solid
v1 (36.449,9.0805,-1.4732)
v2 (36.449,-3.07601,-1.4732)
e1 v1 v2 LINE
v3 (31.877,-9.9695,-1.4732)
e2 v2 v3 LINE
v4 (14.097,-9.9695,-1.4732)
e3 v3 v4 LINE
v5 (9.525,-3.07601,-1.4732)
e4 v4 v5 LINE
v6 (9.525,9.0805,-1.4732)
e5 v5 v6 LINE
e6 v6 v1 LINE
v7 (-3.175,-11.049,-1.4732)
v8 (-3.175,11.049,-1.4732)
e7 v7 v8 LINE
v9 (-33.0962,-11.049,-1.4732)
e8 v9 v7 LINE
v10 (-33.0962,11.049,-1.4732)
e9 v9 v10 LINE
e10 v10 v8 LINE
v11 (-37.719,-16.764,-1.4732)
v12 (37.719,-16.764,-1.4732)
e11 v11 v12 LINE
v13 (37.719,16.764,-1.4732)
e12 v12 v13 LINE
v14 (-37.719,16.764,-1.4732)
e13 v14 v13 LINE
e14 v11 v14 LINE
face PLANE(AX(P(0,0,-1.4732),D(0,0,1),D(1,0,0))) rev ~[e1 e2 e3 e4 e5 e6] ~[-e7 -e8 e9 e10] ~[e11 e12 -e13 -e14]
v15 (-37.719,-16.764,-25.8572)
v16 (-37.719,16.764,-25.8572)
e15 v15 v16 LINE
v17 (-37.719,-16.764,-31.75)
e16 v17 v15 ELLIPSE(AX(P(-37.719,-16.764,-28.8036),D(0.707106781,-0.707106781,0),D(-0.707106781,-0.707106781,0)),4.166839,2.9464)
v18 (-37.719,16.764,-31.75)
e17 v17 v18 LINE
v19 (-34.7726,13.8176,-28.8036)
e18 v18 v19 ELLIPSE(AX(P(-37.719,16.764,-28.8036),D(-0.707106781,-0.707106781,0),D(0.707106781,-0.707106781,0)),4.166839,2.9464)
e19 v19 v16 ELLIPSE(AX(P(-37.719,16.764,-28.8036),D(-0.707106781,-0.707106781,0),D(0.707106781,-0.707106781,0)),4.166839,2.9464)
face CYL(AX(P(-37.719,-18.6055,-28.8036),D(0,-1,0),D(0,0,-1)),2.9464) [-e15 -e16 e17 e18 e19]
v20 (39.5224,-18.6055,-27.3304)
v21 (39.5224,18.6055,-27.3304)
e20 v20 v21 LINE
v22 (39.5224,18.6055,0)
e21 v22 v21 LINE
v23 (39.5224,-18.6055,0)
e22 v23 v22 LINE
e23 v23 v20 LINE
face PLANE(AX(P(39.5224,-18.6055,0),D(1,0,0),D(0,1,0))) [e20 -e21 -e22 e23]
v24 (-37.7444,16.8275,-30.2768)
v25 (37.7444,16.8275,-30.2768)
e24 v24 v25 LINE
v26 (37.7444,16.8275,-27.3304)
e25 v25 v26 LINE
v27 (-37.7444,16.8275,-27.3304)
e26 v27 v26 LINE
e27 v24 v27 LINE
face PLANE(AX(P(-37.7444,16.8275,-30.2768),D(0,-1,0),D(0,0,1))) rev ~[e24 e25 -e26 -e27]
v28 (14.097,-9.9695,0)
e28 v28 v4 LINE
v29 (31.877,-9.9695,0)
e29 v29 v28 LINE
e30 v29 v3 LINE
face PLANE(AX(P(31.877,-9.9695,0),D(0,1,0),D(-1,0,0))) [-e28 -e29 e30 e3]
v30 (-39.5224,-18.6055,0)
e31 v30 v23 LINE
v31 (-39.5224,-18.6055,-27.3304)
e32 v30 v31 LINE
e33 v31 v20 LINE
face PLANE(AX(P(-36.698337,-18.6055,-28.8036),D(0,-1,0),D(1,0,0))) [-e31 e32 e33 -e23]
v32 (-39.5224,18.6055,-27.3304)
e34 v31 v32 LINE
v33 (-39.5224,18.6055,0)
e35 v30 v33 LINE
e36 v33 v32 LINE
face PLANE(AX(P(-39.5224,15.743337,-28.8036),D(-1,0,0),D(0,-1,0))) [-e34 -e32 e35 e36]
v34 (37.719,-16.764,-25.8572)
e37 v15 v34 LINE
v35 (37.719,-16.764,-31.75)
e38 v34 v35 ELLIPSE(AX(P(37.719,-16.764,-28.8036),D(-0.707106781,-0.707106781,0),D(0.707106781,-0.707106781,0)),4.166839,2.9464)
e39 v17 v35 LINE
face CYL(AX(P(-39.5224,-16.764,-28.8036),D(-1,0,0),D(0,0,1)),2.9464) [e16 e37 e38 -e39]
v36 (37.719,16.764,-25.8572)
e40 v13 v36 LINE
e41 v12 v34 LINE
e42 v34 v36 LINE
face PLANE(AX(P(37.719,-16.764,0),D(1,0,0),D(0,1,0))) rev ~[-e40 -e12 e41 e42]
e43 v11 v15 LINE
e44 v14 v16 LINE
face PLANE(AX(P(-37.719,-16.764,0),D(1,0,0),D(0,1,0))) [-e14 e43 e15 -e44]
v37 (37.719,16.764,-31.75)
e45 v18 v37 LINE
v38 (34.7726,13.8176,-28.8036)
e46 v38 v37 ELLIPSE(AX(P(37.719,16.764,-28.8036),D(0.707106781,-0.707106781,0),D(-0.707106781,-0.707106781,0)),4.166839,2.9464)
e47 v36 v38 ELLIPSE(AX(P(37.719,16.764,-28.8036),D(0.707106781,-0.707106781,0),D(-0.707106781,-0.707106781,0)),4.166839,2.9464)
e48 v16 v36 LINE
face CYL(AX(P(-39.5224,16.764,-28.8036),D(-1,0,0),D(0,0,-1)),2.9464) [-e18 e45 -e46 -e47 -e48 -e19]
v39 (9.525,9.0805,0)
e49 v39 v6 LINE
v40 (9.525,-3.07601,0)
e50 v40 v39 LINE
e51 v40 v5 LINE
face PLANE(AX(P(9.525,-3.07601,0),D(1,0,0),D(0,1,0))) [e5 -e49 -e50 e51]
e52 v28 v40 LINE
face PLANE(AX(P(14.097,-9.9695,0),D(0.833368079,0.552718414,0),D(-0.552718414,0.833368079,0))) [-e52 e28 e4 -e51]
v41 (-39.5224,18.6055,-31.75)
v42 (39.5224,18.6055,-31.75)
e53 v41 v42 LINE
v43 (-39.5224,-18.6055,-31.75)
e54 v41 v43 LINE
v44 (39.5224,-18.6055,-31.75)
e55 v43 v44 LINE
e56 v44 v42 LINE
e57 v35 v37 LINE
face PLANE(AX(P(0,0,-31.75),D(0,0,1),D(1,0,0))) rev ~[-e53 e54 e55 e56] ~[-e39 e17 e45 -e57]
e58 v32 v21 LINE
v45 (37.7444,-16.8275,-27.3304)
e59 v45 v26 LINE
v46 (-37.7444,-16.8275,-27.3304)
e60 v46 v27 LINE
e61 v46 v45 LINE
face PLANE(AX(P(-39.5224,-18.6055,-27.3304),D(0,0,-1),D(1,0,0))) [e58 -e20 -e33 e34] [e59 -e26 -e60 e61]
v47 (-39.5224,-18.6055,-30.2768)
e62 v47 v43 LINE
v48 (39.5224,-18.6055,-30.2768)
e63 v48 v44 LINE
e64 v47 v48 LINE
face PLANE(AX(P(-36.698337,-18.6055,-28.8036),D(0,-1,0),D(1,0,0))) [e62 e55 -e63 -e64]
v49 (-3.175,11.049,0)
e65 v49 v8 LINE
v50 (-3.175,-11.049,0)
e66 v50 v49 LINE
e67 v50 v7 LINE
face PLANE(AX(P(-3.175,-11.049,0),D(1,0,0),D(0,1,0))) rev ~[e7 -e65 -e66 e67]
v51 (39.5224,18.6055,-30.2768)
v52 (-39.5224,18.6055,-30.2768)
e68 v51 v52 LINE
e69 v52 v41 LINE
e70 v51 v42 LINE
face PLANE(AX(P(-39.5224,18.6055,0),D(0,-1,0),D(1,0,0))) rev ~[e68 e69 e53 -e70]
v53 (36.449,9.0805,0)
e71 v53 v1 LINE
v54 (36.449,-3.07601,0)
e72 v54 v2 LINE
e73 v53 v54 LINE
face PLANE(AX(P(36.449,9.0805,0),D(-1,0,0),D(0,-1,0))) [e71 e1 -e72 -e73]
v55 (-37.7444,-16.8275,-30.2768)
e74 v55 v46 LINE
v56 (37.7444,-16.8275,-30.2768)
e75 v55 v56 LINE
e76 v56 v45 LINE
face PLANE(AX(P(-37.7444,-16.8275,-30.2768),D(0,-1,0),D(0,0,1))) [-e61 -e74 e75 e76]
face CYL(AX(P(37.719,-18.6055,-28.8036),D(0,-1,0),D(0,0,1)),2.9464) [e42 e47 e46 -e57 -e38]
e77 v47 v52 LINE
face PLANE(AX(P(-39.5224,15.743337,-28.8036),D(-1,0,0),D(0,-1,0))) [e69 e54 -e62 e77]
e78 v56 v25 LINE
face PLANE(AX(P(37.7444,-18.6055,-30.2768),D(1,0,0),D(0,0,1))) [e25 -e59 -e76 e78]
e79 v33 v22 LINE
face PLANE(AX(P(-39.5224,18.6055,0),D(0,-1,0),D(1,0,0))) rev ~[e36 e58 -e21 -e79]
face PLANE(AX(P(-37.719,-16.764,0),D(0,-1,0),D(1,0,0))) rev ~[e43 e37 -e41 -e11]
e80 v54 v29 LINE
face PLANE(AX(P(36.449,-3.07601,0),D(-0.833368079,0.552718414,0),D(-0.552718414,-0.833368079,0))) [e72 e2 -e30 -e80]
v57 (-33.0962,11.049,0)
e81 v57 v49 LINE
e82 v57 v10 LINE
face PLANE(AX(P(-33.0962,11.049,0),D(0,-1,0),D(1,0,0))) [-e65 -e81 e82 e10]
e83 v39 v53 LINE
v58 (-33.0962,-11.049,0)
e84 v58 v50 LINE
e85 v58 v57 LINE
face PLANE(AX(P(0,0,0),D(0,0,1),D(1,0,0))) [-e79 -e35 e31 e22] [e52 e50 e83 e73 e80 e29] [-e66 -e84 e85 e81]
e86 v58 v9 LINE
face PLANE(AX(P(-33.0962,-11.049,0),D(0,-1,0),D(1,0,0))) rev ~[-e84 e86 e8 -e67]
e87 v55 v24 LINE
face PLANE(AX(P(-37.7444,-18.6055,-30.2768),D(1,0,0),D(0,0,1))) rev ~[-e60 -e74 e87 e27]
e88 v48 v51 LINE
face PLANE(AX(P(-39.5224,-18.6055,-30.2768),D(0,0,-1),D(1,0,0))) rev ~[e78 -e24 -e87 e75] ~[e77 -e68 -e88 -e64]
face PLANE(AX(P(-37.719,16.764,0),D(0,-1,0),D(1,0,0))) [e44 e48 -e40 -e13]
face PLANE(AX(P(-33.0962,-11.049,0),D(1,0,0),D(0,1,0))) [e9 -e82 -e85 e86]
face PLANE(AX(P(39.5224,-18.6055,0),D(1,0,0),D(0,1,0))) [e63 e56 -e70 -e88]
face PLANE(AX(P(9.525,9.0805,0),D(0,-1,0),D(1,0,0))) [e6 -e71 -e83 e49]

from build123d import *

# Parameters (mm, degrees)
F0_W      = 79.0448
F0_H      = 37.211
F0_W_2    = 75.438
F0_H_2    = 33.528
F1_DEPTH  = 31.75
F0_W_3    = 29.9212
F0_H_3    = 22.098
F2_DEPTH  = 1.4732
F5_DEPTH  = 35.3695
F7_DEPTH  = 77.2414
F8_W      = 1.778
F8_H      = 2.9464
F9_DEPTH  = 37.211
F10_W     = 1.778
F10_H     = 2.9464
F11_DEPTH = 75.4888


with BuildPart() as f1:
    # F0 (on Top) → F1 (new body)
    with BuildSketch(Plane.XY):
        Rectangle(F0_W, F0_H)
        Rectangle(F0_W_2, F0_H_2, mode=Mode.SUBTRACT)
    extrude(amount=-F1_DEPTH)

    # F0 (on Top) → F2 (join)
    with BuildSketch(Plane.XY):
        Rectangle(F0_W_2, F0_H_2)
        with Locations((-18.1356, 0)):
            Rectangle(F0_W_3, F0_H_3, mode=Mode.SUBTRACT)
        Polygon((9.525, 9.0805), (36.449, 9.0805), (36.449, -3.07601), (31.877, -9.9695), (14.097, -9.9695), (9.525, -3.07601), align=None, mode=Mode.SUBTRACT)
    extrude(amount=-F2_DEPTH)

    # F4 (on face) → F5 (join, through all)
    with BuildSketch(Plane.XZ.offset(18.6055)):
        with BuildLine():
            Line((-37.719, -25.8572), (-37.719, -31.75))
            ThreePointArc((-37.719, -31.75), (-34.7726, -28.8036), (-37.719, -25.8572))
        make_face()
        with BuildLine():
            Line((37.719, -31.75), (37.719, -25.8572))
            ThreePointArc((37.719, -25.8572), (34.7726, -28.8036), (37.719, -31.75))
        make_face()
    extrude(amount=-F5_DEPTH)

    # F6 (on face) → F7 (join, through all)
    with BuildSketch(Plane(origin=(-39.5224, 0, 0), x_dir=(0, -1, 0), z_dir=(-1, 0, 0))):
        with BuildLine():
            Line((-16.764, -25.8572), (-16.764, -31.75))
            ThreePointArc((-16.764, -31.75), (-13.8176, -28.8036), (-16.764, -25.8572))
        make_face()
        with BuildLine():
            Line((16.764, -31.75), (16.764, -25.8572))
            ThreePointArc((16.764, -25.8572), (13.8176, -28.8036), (16.764, -31.75))
        make_face()
    extrude(amount=-F7_DEPTH)

    # F8 (on face) → F9 (cut, through all)
    with BuildSketch(Plane.XZ.offset(18.6055)):
        with Locations((-38.6334, -28.8036)):
            Rectangle(F8_W, F8_H)
        with Locations((38.6334, -28.8036)):
            Rectangle(F8_W, F8_H)
    extrude(amount=-F9_DEPTH, mode=Mode.SUBTRACT)

    # F10 (on face) → F11 (cut, through all)
    with BuildSketch(Plane(origin=(-37.7444, 0, 0), x_dir=(0, -1, 0), z_dir=(-1, 0, 0))):
        with Locations((-17.7165, -28.8036)):
            Rectangle(F10_W, F10_H)
        with Locations((17.7165, -28.8036)):
            Rectangle(F10_W, F10_H)
    extrude(amount=-F11_DEPTH, mode=Mode.SUBTRACT)


solid = f1.part
